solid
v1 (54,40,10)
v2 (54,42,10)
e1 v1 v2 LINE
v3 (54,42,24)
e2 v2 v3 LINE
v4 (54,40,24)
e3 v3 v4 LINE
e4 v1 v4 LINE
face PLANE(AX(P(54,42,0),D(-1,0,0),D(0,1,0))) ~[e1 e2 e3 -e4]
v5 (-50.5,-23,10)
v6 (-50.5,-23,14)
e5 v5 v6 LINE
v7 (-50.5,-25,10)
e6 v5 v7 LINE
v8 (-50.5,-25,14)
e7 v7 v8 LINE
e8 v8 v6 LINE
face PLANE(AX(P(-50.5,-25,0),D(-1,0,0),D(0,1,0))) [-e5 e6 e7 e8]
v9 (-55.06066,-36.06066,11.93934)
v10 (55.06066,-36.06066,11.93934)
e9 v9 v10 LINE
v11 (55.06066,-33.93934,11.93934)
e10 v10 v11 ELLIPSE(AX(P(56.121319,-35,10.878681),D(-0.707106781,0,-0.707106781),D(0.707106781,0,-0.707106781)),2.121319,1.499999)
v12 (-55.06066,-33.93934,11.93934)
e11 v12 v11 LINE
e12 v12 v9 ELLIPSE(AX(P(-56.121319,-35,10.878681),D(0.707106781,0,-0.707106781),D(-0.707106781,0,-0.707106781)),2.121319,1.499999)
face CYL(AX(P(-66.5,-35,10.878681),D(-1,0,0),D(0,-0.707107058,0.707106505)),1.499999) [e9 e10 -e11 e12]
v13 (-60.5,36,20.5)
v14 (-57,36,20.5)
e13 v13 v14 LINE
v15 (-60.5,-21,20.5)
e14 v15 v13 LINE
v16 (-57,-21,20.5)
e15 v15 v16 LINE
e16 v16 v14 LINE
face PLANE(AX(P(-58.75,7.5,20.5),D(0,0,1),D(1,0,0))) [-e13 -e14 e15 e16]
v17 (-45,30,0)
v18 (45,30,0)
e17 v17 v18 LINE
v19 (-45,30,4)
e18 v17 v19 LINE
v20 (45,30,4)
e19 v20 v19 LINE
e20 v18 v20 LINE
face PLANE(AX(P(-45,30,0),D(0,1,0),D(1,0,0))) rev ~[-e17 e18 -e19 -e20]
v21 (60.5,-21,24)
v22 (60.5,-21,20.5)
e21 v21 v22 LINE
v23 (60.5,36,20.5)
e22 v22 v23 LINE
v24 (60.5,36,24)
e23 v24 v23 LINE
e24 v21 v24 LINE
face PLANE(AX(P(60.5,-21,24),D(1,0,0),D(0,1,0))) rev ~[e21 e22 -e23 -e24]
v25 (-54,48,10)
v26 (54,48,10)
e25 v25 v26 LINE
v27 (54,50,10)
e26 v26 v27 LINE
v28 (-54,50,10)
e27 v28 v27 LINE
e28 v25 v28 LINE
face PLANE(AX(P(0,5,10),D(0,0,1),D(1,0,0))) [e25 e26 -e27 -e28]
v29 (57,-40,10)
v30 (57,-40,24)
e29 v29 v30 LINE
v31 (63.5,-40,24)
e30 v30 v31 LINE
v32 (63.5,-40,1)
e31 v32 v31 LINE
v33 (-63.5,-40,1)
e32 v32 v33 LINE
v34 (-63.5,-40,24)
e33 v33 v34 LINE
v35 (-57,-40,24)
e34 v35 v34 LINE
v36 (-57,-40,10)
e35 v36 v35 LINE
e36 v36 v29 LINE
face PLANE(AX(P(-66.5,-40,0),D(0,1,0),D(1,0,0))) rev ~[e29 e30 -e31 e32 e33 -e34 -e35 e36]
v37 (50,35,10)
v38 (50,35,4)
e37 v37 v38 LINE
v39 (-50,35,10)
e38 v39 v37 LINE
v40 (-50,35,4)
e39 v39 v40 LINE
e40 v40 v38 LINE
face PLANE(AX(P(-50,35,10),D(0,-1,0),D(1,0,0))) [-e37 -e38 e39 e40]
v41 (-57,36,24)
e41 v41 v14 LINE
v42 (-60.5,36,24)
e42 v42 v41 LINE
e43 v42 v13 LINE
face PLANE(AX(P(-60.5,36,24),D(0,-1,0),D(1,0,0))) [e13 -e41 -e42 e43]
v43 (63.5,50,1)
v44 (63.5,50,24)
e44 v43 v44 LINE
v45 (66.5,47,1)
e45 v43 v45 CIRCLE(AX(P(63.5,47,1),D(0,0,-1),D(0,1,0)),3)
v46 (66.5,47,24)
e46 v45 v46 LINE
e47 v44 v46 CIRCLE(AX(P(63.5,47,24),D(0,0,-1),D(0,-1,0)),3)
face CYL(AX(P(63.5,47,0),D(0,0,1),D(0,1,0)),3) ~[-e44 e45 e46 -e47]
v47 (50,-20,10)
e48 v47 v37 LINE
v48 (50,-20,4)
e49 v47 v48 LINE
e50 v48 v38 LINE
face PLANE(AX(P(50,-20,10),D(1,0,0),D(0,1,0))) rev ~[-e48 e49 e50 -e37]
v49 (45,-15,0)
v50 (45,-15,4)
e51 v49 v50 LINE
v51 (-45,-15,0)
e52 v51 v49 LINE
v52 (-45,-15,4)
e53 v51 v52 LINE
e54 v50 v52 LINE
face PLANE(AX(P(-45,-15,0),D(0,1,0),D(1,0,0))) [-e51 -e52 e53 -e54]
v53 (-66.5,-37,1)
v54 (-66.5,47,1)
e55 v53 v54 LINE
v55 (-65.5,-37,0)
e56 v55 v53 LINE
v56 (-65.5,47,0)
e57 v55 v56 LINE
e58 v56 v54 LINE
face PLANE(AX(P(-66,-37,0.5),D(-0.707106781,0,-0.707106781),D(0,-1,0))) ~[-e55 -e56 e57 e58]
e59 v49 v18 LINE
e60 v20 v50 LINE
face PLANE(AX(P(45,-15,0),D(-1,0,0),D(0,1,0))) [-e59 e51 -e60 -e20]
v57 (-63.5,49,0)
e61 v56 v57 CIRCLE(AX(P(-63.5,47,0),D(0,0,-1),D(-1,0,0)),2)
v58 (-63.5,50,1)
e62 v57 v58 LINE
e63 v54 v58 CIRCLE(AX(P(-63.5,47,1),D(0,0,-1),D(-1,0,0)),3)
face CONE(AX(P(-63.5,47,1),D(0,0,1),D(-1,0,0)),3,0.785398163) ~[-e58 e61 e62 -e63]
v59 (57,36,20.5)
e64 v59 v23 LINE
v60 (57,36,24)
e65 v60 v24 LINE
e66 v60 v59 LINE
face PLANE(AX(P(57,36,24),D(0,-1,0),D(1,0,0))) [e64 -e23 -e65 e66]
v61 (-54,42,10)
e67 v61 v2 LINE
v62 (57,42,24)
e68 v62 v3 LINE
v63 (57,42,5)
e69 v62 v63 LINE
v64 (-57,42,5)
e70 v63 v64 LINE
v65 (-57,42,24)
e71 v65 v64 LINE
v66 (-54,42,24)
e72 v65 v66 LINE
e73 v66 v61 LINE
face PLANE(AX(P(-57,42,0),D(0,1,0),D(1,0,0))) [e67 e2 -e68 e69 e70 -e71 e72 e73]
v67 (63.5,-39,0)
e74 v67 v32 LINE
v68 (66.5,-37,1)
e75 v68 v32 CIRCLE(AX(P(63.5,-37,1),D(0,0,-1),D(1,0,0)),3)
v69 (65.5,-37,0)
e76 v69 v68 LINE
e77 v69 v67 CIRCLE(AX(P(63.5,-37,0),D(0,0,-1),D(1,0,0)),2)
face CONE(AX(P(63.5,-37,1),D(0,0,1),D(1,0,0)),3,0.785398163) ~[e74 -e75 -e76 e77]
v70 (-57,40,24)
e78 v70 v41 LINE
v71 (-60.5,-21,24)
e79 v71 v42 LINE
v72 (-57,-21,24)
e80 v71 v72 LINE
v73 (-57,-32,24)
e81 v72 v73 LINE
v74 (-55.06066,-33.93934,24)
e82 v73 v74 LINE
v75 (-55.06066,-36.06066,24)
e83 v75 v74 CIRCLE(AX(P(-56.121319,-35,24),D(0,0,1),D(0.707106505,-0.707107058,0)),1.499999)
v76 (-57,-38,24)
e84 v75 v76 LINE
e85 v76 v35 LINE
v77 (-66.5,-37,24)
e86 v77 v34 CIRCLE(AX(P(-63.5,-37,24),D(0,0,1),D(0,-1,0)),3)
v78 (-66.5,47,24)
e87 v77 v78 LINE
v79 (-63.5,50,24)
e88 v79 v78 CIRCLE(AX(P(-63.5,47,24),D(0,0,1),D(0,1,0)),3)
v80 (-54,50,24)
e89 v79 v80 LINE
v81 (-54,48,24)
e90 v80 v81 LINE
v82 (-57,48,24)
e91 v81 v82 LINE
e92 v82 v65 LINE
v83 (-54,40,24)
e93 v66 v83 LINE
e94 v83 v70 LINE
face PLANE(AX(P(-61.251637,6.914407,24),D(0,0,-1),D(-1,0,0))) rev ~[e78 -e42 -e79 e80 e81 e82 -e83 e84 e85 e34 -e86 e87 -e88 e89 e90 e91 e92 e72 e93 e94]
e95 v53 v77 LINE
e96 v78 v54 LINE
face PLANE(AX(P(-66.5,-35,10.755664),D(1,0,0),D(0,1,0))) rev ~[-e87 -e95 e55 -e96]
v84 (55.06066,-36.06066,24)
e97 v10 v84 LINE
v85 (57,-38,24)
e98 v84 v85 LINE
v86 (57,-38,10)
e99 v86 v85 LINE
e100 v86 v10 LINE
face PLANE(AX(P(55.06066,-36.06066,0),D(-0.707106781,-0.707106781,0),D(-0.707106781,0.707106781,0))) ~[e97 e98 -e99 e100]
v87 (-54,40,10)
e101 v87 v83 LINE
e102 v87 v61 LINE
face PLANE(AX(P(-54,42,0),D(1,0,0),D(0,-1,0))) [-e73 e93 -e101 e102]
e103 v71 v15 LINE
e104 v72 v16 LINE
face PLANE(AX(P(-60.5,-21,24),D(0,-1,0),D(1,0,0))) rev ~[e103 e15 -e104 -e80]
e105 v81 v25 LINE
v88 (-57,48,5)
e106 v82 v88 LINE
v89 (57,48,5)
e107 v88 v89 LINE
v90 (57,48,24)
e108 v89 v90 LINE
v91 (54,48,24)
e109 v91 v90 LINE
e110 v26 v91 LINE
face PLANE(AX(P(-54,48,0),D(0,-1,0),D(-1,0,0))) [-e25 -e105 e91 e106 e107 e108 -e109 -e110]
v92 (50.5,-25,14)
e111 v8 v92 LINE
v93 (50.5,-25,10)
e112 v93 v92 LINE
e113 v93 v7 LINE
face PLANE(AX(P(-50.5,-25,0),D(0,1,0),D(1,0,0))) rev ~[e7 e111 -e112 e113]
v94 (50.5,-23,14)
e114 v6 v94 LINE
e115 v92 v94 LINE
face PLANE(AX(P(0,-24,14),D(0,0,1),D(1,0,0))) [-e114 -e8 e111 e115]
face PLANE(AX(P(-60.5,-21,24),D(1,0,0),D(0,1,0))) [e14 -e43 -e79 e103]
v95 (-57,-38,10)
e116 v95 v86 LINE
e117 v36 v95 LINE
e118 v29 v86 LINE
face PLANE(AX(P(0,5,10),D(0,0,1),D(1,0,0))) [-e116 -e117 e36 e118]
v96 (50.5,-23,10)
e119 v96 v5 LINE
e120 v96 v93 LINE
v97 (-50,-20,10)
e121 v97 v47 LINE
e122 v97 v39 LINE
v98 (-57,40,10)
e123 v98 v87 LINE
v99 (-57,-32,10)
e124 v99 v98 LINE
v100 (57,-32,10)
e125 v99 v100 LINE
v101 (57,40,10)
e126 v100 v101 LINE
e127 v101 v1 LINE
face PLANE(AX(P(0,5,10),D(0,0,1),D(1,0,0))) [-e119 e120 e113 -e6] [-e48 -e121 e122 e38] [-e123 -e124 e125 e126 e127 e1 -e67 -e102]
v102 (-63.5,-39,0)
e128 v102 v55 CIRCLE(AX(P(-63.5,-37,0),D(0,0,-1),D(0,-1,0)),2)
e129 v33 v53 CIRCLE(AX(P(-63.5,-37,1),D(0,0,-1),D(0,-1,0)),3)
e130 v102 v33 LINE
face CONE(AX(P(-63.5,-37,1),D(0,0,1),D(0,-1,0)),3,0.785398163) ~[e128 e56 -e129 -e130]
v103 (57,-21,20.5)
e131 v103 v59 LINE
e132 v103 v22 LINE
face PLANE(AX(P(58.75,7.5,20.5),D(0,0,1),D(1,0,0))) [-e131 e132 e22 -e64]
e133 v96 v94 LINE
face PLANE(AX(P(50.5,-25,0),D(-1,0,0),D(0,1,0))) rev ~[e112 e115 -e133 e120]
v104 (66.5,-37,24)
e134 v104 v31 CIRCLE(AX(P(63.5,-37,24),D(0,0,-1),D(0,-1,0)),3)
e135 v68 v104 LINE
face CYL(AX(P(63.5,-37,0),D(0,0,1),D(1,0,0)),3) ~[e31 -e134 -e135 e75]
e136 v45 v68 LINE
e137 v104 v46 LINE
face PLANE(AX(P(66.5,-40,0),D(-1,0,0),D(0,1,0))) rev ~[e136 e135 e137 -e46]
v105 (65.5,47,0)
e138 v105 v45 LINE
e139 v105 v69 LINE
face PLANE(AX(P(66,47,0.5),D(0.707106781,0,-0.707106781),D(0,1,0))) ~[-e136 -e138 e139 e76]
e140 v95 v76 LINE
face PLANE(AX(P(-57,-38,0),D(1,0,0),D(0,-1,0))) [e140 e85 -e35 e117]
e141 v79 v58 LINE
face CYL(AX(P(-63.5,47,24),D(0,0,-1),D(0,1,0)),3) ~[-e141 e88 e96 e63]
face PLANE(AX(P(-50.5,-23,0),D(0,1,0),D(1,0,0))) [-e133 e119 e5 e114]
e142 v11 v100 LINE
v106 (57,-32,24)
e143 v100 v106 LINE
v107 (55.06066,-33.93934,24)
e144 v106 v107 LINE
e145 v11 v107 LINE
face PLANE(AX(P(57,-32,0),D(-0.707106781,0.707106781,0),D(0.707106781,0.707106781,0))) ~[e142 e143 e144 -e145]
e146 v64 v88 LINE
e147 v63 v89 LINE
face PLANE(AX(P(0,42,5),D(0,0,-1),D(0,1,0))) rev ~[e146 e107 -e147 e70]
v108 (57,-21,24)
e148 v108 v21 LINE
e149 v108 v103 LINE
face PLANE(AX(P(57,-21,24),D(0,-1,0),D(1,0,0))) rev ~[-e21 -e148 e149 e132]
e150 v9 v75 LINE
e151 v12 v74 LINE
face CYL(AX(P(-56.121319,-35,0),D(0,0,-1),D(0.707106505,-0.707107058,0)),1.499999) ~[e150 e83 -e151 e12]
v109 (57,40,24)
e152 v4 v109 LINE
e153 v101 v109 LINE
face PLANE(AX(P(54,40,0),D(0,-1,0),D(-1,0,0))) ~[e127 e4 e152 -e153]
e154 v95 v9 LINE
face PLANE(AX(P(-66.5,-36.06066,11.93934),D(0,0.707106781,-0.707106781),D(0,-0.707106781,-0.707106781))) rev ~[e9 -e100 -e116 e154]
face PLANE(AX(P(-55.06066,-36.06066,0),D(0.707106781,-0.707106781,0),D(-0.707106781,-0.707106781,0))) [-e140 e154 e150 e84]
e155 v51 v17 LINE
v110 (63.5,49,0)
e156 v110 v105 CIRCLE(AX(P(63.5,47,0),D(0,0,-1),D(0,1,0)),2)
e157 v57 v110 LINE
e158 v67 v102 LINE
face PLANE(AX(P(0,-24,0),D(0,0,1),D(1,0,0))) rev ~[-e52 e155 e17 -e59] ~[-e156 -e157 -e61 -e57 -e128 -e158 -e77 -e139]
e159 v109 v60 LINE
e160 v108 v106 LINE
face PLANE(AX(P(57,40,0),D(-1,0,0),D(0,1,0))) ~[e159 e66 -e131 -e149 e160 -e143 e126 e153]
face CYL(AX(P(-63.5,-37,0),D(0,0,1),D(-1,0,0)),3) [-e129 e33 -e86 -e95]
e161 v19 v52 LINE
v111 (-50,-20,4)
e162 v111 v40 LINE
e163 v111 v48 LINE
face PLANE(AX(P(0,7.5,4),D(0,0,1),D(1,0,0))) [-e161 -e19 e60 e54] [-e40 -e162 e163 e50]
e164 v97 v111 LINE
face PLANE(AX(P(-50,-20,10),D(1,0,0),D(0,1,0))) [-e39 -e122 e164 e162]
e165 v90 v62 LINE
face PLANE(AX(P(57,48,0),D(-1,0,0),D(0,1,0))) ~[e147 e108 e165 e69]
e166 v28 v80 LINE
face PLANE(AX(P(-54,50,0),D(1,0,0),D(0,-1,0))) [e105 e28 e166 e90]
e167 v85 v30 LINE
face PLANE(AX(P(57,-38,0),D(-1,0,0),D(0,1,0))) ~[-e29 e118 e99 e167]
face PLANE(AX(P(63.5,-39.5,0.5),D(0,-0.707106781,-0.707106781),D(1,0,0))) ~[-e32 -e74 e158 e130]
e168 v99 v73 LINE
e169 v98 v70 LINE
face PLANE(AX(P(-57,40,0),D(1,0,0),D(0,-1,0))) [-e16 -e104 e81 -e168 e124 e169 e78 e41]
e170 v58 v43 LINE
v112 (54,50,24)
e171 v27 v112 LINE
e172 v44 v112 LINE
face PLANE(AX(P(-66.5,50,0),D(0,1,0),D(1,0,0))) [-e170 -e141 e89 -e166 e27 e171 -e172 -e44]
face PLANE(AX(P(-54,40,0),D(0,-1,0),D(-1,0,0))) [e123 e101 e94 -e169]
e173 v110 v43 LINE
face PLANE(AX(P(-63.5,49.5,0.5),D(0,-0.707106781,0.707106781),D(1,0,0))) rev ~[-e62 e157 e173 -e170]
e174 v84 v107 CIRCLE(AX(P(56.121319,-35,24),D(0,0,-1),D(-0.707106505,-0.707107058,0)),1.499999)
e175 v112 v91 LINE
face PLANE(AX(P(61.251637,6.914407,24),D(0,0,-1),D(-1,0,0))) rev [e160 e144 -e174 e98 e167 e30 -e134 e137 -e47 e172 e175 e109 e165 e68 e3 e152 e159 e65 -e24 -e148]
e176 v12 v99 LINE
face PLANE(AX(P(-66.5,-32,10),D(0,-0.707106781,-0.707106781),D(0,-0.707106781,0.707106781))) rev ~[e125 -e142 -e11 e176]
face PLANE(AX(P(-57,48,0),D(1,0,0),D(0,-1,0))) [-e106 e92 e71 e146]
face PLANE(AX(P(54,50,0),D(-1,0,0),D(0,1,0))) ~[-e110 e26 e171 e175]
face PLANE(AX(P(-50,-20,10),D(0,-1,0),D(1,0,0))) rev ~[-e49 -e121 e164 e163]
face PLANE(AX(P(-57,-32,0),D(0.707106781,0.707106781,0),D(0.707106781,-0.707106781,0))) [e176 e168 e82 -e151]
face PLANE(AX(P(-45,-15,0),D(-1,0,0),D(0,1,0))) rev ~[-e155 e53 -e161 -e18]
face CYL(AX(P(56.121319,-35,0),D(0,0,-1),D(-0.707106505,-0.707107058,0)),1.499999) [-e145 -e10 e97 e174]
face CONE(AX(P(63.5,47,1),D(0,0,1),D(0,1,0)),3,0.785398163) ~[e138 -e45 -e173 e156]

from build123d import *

# Parameters (mm, degrees)
SKETCH_W             = 133
SKETCH_H             = 90
PAD_DEPTH            = 10
PAD001_DEPTH         = 24
PAD002_DEPTH         = 133
SKETCH003_W          = 101
SKETCH003_H          = 2
PAD003_DEPTH         = 14
SKETCH004_W          = 100
SKETCH004_H          = 55
POCKET_DEPTH         = 6
SKETCH005_W          = 90
SKETCH005_H          = 45
POCKET001_DEPTH      = 24.001
FILLET_R             = 3
FILLET001_R          = 3
CHAMFER_SIZE         = 1
SKETCH006_W          = 6
SKETCH006_H          = 6
POCKET002_DEPTH      = 57
POCKET002_DEPTH_BACK = -57
SKETCH007_W          = 3.5
SKETCH007_H          = 57
POCKET003_DEPTH      = 3.5


with BuildPart() as part:
    # Sketch → Pad (new body)
    with BuildSketch(Plane.XY):
        with Locations((0, 5)):
            Rectangle(SKETCH_W, SKETCH_H)
    extrude(amount=PAD_DEPTH)

    # Sketch001 → Pad001 (join)
    with BuildSketch(Plane.XY):
        with BuildLine():
            Line((-66.5, -40), (-66.5, 50))
            Line((-66.5, 50), (-54, 50))
            Line((-54, 50), (-54, 48))
            Line((-54, 48), (-57, 48))
            Line((-57, 48), (-57, 42))
            Line((-57, 42), (-54, 42))
            Line((-54, 42), (-54, 40))
            Line((-54, 40), (-57, 40))
            Line((-57, 40), (-57, -32))
            Line((-57, -32), (-55.06066, -33.93934))
            ThreePointArc((-55.06066, -36.06066), (-54.62132, -35), (-55.06066, -33.93934))
            Line((-55.06066, -36.06066), (-57, -38))
            Line((-57, -38), (-57, -40))
            Line((-57, -40), (-66.5, -40))
        make_face()
    pad001 = extrude(amount=PAD001_DEPTH)

    # Mirrored: Pad001 across Sketch001 V_Axis
    add(pad001.mirror(Plane(origin=(0, 0, 0), x_dir=(0, 0, 1), z_dir=(1, 0, 0))))

    # Sketch002 (on Face10 of Mirrored) → Pad002 (join)
    with BuildSketch(Plane(origin=(-66.5, 0, 0), x_dir=(0, -1, 0), z_dir=(-1, 0, 0))):
        with BuildLine():
            Line((32, 10), (33.93934, 11.93934))
            ThreePointArc((36.06066, 11.93934), (35, 12.37868), (33.93934, 11.93934))
            Line((36.06066, 11.93934), (38, 10))
            Line((38, 10), (32, 10))
        make_face()
    extrude(amount=-PAD002_DEPTH)

    # Sketch003 → Pad003 (join)
    with BuildSketch(Plane.XY):
        with Locations((0, -24)):
            Rectangle(SKETCH003_W, SKETCH003_H)
    extrude(amount=PAD003_DEPTH)

    # Sketch004 (on Face32 of Pad003) → Pocket (cut)
    with BuildSketch(Plane.XY.offset(10)):
        with Locations((0, 7.5)):
            Rectangle(SKETCH004_W, SKETCH004_H)
    extrude(amount=-POCKET_DEPTH, mode=Mode.SUBTRACT)

    # Sketch005 → Pocket001 (cut, through all)
    with BuildSketch(Plane.XY):
        with Locations((0, 7.5)):
            Rectangle(SKETCH005_W, SKETCH005_H)
    extrude(amount=POCKET001_DEPTH, mode=Mode.SUBTRACT)

    # Fillet
    fillet_edges = [part.edges().sort_by_distance(p)[0] for p in [
        (66.5, 50, 5),
        (66.5, 50, 17),
        (66.5, -40, 5),
        (66.5, -40, 17),
    ]]
    fillet(fillet_edges, radius=FILLET_R)

    # Fillet001
    fillet001_edges = [part.edges().sort_by_distance(p)[0] for p in [
        (-66.5, -40, 17),
        (-66.5, -40, 5),
        (-66.5, 50, 17),
        (-66.5, 50, 5),
    ]]
    fillet(fillet001_edges, radius=FILLET001_R)

    # Chamfer
    chamfer_edges = [part.edges().sort_by_distance(p)[0] for p in [
        (0, 50, 0),
        (-58.75, 50, 0),
        (-65.62132, 49.12132, 0),
        (-66.5, 5, 0),
        (-65.62132, -39.12132, 0),
        (-60.25, -40, 0),
        (0, -40, 0),
        (60.25, -40, 0),
        (65.62132, -39.12132, 0),
        (66.5, 5, 0),
        (65.62132, 49.12132, 0),
        (58.75, 50, 0),
    ]]
    chamfer(chamfer_edges, length=CHAMFER_SIZE)

    # Sketch006 → Pocket002 (cut, two sides)
    with BuildSketch(Plane.YZ) as pocket002_sk:
        with Locations((45, 8)):
            Rectangle(SKETCH006_W, SKETCH006_H)
    extrude(amount=-POCKET002_DEPTH, mode=Mode.SUBTRACT)
    extrude(pocket002_sk.sketch, amount=-POCKET002_DEPTH_BACK, mode=Mode.SUBTRACT)

    # Sketch007 (on Face59 of Pocket002) → Pocket003 (cut)
    with BuildSketch(Plane.XY.offset(24)):
        with Locations((58.75, 7.5)):
            Rectangle(SKETCH007_W, SKETCH007_H)
        with Locations((-58.75, 7.5)):
            Rectangle(SKETCH007_W, SKETCH007_H)
    extrude(amount=-POCKET003_DEPTH, mode=Mode.SUBTRACT)


solid = part.part
